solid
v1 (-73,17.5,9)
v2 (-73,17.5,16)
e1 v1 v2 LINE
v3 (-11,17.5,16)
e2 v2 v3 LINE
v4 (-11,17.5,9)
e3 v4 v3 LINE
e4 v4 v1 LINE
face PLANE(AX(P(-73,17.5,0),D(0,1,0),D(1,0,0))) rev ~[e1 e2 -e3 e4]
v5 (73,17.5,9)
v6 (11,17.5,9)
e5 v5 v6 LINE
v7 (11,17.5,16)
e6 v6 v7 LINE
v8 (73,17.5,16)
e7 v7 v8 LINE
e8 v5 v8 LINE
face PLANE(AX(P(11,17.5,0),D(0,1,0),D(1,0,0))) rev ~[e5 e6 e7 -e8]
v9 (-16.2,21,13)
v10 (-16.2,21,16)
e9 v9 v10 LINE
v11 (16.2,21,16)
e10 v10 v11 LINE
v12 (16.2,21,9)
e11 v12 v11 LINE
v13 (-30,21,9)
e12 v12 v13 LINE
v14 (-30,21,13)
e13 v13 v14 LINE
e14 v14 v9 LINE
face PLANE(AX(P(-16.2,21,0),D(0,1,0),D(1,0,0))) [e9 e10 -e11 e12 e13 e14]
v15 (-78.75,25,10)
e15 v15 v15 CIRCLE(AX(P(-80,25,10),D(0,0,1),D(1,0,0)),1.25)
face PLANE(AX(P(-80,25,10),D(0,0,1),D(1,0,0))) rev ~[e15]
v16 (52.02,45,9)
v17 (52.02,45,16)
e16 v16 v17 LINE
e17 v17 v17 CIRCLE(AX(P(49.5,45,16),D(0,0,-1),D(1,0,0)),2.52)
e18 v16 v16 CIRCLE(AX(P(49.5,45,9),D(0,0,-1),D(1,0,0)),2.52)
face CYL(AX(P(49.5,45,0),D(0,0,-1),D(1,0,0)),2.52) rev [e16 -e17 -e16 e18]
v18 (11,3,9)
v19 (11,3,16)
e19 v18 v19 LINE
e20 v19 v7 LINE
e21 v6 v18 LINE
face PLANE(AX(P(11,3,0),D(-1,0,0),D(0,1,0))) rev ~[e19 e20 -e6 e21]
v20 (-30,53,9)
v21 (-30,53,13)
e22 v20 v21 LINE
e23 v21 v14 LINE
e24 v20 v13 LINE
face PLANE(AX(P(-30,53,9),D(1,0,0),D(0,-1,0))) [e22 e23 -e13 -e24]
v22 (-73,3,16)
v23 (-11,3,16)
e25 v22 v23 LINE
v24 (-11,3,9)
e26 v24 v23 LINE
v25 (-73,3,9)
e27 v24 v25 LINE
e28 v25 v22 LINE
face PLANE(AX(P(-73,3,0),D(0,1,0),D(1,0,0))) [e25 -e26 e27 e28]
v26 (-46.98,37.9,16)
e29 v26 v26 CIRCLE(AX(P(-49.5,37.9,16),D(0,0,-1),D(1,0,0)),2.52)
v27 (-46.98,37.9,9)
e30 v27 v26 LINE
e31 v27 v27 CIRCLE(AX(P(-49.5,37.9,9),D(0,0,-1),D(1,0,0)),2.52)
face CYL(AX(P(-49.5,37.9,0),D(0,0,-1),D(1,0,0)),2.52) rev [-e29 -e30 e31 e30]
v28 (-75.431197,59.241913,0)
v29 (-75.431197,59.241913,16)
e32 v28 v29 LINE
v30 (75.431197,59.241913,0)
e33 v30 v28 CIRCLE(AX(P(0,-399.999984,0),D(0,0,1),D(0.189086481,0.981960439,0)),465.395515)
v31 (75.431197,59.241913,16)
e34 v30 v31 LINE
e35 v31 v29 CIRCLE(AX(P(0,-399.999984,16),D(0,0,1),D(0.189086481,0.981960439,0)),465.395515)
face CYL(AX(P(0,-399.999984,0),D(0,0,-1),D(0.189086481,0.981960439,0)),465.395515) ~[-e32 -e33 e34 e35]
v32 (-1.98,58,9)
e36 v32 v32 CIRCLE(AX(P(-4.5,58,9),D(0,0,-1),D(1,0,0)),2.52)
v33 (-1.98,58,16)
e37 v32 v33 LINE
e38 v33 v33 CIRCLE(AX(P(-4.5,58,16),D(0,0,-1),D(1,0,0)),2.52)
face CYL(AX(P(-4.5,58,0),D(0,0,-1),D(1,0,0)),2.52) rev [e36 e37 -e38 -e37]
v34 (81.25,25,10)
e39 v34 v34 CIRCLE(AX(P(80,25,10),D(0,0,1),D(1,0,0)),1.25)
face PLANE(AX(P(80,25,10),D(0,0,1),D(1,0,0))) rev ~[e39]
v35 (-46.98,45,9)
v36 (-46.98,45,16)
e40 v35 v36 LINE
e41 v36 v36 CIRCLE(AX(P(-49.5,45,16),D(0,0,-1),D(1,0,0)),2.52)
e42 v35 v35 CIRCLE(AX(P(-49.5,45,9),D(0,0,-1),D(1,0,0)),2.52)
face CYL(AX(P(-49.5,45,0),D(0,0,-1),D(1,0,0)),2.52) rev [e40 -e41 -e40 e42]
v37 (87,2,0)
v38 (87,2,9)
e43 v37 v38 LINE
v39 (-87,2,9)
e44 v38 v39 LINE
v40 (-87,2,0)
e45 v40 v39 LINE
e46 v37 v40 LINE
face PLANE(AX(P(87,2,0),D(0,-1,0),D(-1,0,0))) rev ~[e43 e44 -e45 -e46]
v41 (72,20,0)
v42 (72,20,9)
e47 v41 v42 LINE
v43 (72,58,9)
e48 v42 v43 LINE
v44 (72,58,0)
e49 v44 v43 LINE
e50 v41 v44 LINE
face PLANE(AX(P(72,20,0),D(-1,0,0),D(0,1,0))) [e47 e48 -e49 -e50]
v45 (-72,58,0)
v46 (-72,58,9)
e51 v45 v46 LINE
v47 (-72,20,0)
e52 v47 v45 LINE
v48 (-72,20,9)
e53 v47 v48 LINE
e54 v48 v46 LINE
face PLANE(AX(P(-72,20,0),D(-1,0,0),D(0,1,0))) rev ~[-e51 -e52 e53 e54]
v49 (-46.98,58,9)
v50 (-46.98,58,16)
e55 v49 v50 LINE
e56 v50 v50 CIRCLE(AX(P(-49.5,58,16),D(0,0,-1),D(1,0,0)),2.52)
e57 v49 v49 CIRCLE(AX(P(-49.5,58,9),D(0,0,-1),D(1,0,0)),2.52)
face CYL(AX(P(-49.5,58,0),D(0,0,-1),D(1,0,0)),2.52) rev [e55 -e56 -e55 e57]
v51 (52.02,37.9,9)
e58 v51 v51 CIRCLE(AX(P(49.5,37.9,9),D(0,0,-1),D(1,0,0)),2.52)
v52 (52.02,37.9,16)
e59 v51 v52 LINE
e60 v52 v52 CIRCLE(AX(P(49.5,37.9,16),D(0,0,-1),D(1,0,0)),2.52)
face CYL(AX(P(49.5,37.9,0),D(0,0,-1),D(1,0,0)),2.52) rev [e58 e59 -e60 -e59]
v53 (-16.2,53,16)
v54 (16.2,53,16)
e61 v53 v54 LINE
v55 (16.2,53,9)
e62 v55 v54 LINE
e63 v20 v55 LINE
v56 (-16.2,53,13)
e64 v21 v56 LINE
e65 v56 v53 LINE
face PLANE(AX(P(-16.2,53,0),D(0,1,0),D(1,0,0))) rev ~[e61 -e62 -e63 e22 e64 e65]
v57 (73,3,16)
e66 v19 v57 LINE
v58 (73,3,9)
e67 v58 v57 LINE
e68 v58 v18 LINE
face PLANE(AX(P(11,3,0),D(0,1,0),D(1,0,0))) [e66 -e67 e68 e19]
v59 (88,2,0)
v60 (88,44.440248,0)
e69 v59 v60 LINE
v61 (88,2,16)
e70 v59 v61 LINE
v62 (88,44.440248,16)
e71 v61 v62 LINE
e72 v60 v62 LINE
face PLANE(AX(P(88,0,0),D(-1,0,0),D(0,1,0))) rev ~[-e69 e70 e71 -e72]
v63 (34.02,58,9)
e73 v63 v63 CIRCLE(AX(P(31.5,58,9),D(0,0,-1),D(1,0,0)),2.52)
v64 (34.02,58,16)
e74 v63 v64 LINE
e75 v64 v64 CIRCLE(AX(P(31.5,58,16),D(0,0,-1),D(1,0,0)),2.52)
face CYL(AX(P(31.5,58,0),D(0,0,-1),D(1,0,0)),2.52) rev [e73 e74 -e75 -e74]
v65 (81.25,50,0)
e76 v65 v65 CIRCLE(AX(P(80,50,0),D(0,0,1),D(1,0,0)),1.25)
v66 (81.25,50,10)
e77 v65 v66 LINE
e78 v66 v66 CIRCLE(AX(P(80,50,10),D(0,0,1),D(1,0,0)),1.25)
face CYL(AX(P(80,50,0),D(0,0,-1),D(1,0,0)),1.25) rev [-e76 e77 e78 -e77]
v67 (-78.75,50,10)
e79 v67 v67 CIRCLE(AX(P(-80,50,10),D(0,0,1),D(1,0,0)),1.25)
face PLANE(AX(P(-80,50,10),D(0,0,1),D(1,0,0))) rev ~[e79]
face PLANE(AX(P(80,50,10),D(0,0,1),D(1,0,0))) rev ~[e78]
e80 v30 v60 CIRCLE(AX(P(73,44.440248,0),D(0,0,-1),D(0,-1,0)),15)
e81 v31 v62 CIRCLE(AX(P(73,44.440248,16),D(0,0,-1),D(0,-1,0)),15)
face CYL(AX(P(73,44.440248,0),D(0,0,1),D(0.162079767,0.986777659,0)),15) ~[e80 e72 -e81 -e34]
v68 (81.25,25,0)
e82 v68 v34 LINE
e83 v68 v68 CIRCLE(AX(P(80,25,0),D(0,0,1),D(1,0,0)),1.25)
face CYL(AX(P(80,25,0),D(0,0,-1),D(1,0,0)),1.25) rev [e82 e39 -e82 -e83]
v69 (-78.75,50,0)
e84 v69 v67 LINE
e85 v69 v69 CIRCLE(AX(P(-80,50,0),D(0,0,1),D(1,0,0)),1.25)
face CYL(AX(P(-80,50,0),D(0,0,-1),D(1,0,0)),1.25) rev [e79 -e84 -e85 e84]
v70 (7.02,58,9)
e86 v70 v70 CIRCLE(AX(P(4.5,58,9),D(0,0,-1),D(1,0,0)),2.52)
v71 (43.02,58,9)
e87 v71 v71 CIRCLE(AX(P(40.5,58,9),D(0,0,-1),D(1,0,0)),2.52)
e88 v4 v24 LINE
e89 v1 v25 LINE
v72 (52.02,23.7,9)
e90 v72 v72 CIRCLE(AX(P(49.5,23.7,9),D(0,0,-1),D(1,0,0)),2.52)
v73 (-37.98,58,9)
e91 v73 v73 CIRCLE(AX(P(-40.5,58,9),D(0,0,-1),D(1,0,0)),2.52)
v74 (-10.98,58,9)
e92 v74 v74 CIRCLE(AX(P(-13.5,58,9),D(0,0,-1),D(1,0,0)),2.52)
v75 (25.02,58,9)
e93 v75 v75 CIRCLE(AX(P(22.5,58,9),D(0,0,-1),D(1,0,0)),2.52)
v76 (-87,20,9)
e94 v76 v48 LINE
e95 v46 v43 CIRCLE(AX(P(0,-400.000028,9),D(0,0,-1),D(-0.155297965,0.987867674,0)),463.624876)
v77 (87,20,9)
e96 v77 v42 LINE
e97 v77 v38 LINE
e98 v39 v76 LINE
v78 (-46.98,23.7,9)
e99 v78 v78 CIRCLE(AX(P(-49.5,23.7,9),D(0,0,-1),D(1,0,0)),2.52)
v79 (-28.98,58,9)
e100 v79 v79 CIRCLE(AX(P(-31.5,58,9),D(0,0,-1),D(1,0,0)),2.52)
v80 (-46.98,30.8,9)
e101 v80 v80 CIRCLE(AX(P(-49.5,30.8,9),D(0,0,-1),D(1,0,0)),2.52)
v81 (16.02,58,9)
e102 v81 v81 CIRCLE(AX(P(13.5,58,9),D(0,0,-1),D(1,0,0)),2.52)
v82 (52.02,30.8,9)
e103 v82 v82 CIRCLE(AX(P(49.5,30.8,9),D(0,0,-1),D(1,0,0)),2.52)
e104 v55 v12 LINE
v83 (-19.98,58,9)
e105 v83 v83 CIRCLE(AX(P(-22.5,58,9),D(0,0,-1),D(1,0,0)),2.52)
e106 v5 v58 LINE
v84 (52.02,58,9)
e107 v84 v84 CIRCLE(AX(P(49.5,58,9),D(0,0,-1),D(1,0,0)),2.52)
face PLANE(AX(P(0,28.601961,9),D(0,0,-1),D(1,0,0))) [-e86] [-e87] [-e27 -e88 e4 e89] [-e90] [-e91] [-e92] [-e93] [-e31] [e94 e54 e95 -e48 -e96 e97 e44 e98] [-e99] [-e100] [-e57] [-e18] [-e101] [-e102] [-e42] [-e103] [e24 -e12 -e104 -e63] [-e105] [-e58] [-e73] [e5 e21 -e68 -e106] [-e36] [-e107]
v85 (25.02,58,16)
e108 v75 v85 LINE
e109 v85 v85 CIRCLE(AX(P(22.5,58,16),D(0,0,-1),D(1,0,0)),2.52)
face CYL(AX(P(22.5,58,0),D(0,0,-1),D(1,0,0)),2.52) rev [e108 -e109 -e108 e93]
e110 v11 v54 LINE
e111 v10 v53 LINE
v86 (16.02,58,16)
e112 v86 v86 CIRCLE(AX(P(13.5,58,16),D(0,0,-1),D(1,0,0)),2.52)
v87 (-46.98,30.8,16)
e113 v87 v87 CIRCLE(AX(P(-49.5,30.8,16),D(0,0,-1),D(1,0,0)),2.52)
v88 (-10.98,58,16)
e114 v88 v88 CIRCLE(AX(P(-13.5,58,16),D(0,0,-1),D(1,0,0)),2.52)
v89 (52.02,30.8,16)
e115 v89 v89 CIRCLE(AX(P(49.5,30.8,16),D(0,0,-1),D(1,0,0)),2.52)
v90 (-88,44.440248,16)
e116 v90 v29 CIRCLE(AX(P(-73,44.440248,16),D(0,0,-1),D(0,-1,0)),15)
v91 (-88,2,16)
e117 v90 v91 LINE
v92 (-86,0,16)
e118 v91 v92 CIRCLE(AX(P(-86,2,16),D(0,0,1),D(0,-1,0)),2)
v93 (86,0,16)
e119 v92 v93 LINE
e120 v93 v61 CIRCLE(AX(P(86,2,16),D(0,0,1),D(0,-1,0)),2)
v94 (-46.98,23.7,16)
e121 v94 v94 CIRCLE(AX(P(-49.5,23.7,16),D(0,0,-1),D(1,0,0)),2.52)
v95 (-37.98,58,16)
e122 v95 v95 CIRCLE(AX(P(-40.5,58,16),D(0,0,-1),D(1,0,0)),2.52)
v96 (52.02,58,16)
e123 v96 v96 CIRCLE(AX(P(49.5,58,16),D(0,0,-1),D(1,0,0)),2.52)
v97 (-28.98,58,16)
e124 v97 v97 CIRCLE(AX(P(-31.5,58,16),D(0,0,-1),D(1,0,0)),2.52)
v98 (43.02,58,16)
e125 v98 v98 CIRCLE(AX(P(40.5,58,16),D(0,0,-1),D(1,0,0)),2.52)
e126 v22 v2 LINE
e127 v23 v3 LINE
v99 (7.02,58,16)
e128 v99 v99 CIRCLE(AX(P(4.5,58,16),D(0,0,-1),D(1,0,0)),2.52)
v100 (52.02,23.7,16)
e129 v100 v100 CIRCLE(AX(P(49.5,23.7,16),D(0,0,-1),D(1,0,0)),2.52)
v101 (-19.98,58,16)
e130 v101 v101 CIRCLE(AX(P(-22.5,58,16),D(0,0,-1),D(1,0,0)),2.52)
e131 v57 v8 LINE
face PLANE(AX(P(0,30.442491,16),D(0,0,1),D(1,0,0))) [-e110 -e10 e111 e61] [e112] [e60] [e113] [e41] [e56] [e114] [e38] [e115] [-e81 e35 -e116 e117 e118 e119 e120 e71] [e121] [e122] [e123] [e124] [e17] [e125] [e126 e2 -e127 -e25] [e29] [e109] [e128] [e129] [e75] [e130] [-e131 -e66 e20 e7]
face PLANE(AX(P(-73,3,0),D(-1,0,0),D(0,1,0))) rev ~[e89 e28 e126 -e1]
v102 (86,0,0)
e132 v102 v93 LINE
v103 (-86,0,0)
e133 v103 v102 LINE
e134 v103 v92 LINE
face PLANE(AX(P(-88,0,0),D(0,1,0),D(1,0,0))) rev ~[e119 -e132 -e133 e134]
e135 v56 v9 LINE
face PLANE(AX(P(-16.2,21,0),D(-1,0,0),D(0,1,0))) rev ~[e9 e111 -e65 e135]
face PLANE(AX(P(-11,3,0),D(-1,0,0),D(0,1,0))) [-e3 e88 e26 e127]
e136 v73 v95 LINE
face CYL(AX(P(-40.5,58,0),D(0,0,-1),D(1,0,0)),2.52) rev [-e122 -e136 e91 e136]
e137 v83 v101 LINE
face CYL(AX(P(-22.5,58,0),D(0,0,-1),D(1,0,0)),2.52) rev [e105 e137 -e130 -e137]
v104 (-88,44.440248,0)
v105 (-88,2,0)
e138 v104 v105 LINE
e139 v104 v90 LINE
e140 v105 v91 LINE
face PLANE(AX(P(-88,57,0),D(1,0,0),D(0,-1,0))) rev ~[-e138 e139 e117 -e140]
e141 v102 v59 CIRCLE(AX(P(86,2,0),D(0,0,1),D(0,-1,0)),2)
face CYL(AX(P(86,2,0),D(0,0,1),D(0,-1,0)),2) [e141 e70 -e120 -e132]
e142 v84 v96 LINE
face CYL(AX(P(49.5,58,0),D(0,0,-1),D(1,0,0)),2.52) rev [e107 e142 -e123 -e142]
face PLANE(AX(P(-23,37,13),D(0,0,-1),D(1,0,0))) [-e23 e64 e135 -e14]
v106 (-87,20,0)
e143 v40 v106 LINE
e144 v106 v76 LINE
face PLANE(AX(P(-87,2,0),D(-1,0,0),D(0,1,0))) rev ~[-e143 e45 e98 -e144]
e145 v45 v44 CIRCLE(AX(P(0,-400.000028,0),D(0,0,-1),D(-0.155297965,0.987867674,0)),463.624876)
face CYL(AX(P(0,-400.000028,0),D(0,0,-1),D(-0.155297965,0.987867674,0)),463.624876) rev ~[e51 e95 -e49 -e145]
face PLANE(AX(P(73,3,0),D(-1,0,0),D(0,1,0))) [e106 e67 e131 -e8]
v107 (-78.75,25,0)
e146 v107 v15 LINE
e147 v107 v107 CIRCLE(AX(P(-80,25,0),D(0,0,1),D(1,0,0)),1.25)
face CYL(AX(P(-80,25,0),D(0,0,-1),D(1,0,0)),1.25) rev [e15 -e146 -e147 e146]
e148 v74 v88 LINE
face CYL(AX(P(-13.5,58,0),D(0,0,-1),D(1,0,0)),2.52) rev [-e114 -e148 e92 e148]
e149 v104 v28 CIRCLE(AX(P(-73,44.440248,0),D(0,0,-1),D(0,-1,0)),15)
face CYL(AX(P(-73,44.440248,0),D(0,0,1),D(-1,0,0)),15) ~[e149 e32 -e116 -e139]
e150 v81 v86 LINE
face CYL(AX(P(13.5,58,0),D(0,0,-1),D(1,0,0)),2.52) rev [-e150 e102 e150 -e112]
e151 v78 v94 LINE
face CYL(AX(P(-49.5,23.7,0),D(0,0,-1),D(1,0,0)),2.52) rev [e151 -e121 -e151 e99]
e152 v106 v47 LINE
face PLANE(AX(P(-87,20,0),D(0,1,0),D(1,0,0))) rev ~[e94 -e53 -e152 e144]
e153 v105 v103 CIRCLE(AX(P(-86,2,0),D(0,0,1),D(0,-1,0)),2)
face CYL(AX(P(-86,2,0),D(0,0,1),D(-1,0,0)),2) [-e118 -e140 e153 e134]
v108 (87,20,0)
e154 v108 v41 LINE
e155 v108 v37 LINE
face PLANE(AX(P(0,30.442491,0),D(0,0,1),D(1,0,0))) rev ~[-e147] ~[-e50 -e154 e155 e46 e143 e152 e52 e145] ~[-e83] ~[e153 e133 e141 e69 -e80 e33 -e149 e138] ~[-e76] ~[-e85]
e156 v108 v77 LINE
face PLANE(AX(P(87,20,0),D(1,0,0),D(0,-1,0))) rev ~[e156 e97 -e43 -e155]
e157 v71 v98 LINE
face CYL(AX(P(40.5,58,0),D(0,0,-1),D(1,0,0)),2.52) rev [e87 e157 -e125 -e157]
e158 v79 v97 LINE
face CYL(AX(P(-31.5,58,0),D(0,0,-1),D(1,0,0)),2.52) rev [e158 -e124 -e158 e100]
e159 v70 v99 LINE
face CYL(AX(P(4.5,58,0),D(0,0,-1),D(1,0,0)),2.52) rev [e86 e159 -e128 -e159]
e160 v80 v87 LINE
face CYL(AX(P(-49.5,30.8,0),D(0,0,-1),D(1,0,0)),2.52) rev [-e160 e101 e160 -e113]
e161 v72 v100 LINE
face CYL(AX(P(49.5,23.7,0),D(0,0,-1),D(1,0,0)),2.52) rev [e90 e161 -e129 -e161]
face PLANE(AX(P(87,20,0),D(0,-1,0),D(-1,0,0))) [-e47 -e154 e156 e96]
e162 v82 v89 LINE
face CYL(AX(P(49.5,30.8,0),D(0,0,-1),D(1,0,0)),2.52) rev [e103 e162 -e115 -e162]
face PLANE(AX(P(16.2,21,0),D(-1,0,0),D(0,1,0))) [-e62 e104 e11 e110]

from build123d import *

# Parameters (mm, degrees)
SKETCH054_W     = 62
SKETCH054_H     = 14.5
SKETCH054_W_2   = 32.4
SKETCH054_H_2   = 32
PAD029_DEPTH    = 16
POCKET023_DEPTH = 9
SKETCH056_W     = 14
SKETCH056_H     = 32
POCKET024_DEPTH = 4
SKETCH057_R     = 2.52
POCKET025_DEPTH = 16.001
SKETCH058_R     = 1.25
POCKET026_DEPTH = 10
FILLET024_R     = 15
FILLET025_R     = 2


with BuildPart() as part:
    # Sketch054 → Pad029 (new body)
    with BuildSketch(Plane.XY):
        with BuildLine():
            Line((-88, 57), (-88, 0))
            Line((-88, 0), (88, 0))
            Line((88, 0), (88, 57))
            ThreePointArc((88, 57), (0, 65.395531), (-88, 57))
        make_face()
        with Locations((-42, 10.25)):
            Rectangle(SKETCH054_W, SKETCH054_H, mode=Mode.SUBTRACT)
        with Locations((42, 10.25)):
            Rectangle(SKETCH054_W, SKETCH054_H, mode=Mode.SUBTRACT)
        with Locations((0, 37)):
            Rectangle(SKETCH054_W_2, SKETCH054_H_2, mode=Mode.SUBTRACT)
    extrude(amount=PAD029_DEPTH)

    # Sketch055 (on Face17 of Pad029) → Pocket023 (cut)
    with BuildSketch(Plane(origin=(0, 0, 0), x_dir=(1, 0, 0), z_dir=(0, 0, -1))):
        with BuildLine():
            Line((-87, -2), (-87, -20))
            Line((-87, -20), (-72, -20))
            Line((-72, -20), (-72, -58))
            ThreePointArc((-72, -58), (0, -63.624848), (72, -58))
            Line((72, -20), (72, -58))
            Line((87, -20), (72, -20))
            Line((87, -20), (87, -2))
            Line((87, -2), (-87, -2))
        make_face()
    extrude(amount=-POCKET023_DEPTH, mode=Mode.SUBTRACT)

    # Sketch056 (on Face27 of Pocket023) → Pocket024 (cut)
    with BuildSketch(Plane(origin=(0, 0, 9), x_dir=(1, 0, 0), z_dir=(0, 0, -1))):
        with Locations((-23, -37)):
            Rectangle(SKETCH056_W, SKETCH056_H)
    extrude(amount=-POCKET024_DEPTH, mode=Mode.SUBTRACT)

    # Sketch057 (on DatumPlane) → Pocket025 (cut, through all)
    with BuildSketch(Plane.XY):
        with Locations((-49.5, 58)):
            Circle(SKETCH057_R)
        with Locations((-40.5, 58)):
            Circle(SKETCH057_R)
        with Locations((-31.5, 58)):
            Circle(SKETCH057_R)
        with Locations((-22.5, 58)):
            Circle(SKETCH057_R)
        with Locations((-13.5, 58)):
            Circle(SKETCH057_R)
        with Locations((-4.5, 58)):
            Circle(SKETCH057_R)
        with Locations((4.5, 58)):
            Circle(SKETCH057_R)
        with Locations((13.5, 58)):
            Circle(SKETCH057_R)
        with Locations((22.5, 58)):
            Circle(SKETCH057_R)
        with Locations((31.5, 58)):
            Circle(SKETCH057_R)
        with Locations((40.5, 58)):
            Circle(SKETCH057_R)
        with Locations((49.5, 58)):
            Circle(SKETCH057_R)
        with Locations((49.5, 45)):
            Circle(SKETCH057_R)
        with Locations((49.5, 37.9)):
            Circle(SKETCH057_R)
        with Locations((49.5, 30.8)):
            Circle(SKETCH057_R)
        with Locations((49.5, 23.7)):
            Circle(SKETCH057_R)
        with Locations((-49.5, 23.7)):
            Circle(SKETCH057_R)
        with Locations((-49.5, 30.8)):
            Circle(SKETCH057_R)
        with Locations((-49.5, 37.9)):
            Circle(SKETCH057_R)
        with Locations((-49.5, 45)):
            Circle(SKETCH057_R)
    extrude(amount=POCKET025_DEPTH, mode=Mode.SUBTRACT)

    # Sketch058 (on DatumPlane) → Pocket026 (cut)
    with BuildSketch(Plane.XY):
        with Locations((80, 25)):
            Circle(SKETCH058_R)
        with Locations((80, 50)):
            Circle(SKETCH058_R)
        with Locations((-80, 25)):
            Circle(SKETCH058_R)
        with Locations((-80, 50)):
            Circle(SKETCH058_R)
    extrude(amount=POCKET026_DEPTH, mode=Mode.SUBTRACT)

    # Fillet024
    fillet024_edges = [part.edges().sort_by_distance(p)[0] for p in [
        (-88, 57, 8),
        (88, 57, 8),
    ]]
    fillet(fillet024_edges, radius=FILLET024_R)

    # Fillet025
    fillet025_edges = [part.edges().sort_by_distance(p)[0] for p in [
        (-88, 0, 8),
        (88, 0, 8),
    ]]
    fillet(fillet025_edges, radius=FILLET025_R)


solid = part.part
